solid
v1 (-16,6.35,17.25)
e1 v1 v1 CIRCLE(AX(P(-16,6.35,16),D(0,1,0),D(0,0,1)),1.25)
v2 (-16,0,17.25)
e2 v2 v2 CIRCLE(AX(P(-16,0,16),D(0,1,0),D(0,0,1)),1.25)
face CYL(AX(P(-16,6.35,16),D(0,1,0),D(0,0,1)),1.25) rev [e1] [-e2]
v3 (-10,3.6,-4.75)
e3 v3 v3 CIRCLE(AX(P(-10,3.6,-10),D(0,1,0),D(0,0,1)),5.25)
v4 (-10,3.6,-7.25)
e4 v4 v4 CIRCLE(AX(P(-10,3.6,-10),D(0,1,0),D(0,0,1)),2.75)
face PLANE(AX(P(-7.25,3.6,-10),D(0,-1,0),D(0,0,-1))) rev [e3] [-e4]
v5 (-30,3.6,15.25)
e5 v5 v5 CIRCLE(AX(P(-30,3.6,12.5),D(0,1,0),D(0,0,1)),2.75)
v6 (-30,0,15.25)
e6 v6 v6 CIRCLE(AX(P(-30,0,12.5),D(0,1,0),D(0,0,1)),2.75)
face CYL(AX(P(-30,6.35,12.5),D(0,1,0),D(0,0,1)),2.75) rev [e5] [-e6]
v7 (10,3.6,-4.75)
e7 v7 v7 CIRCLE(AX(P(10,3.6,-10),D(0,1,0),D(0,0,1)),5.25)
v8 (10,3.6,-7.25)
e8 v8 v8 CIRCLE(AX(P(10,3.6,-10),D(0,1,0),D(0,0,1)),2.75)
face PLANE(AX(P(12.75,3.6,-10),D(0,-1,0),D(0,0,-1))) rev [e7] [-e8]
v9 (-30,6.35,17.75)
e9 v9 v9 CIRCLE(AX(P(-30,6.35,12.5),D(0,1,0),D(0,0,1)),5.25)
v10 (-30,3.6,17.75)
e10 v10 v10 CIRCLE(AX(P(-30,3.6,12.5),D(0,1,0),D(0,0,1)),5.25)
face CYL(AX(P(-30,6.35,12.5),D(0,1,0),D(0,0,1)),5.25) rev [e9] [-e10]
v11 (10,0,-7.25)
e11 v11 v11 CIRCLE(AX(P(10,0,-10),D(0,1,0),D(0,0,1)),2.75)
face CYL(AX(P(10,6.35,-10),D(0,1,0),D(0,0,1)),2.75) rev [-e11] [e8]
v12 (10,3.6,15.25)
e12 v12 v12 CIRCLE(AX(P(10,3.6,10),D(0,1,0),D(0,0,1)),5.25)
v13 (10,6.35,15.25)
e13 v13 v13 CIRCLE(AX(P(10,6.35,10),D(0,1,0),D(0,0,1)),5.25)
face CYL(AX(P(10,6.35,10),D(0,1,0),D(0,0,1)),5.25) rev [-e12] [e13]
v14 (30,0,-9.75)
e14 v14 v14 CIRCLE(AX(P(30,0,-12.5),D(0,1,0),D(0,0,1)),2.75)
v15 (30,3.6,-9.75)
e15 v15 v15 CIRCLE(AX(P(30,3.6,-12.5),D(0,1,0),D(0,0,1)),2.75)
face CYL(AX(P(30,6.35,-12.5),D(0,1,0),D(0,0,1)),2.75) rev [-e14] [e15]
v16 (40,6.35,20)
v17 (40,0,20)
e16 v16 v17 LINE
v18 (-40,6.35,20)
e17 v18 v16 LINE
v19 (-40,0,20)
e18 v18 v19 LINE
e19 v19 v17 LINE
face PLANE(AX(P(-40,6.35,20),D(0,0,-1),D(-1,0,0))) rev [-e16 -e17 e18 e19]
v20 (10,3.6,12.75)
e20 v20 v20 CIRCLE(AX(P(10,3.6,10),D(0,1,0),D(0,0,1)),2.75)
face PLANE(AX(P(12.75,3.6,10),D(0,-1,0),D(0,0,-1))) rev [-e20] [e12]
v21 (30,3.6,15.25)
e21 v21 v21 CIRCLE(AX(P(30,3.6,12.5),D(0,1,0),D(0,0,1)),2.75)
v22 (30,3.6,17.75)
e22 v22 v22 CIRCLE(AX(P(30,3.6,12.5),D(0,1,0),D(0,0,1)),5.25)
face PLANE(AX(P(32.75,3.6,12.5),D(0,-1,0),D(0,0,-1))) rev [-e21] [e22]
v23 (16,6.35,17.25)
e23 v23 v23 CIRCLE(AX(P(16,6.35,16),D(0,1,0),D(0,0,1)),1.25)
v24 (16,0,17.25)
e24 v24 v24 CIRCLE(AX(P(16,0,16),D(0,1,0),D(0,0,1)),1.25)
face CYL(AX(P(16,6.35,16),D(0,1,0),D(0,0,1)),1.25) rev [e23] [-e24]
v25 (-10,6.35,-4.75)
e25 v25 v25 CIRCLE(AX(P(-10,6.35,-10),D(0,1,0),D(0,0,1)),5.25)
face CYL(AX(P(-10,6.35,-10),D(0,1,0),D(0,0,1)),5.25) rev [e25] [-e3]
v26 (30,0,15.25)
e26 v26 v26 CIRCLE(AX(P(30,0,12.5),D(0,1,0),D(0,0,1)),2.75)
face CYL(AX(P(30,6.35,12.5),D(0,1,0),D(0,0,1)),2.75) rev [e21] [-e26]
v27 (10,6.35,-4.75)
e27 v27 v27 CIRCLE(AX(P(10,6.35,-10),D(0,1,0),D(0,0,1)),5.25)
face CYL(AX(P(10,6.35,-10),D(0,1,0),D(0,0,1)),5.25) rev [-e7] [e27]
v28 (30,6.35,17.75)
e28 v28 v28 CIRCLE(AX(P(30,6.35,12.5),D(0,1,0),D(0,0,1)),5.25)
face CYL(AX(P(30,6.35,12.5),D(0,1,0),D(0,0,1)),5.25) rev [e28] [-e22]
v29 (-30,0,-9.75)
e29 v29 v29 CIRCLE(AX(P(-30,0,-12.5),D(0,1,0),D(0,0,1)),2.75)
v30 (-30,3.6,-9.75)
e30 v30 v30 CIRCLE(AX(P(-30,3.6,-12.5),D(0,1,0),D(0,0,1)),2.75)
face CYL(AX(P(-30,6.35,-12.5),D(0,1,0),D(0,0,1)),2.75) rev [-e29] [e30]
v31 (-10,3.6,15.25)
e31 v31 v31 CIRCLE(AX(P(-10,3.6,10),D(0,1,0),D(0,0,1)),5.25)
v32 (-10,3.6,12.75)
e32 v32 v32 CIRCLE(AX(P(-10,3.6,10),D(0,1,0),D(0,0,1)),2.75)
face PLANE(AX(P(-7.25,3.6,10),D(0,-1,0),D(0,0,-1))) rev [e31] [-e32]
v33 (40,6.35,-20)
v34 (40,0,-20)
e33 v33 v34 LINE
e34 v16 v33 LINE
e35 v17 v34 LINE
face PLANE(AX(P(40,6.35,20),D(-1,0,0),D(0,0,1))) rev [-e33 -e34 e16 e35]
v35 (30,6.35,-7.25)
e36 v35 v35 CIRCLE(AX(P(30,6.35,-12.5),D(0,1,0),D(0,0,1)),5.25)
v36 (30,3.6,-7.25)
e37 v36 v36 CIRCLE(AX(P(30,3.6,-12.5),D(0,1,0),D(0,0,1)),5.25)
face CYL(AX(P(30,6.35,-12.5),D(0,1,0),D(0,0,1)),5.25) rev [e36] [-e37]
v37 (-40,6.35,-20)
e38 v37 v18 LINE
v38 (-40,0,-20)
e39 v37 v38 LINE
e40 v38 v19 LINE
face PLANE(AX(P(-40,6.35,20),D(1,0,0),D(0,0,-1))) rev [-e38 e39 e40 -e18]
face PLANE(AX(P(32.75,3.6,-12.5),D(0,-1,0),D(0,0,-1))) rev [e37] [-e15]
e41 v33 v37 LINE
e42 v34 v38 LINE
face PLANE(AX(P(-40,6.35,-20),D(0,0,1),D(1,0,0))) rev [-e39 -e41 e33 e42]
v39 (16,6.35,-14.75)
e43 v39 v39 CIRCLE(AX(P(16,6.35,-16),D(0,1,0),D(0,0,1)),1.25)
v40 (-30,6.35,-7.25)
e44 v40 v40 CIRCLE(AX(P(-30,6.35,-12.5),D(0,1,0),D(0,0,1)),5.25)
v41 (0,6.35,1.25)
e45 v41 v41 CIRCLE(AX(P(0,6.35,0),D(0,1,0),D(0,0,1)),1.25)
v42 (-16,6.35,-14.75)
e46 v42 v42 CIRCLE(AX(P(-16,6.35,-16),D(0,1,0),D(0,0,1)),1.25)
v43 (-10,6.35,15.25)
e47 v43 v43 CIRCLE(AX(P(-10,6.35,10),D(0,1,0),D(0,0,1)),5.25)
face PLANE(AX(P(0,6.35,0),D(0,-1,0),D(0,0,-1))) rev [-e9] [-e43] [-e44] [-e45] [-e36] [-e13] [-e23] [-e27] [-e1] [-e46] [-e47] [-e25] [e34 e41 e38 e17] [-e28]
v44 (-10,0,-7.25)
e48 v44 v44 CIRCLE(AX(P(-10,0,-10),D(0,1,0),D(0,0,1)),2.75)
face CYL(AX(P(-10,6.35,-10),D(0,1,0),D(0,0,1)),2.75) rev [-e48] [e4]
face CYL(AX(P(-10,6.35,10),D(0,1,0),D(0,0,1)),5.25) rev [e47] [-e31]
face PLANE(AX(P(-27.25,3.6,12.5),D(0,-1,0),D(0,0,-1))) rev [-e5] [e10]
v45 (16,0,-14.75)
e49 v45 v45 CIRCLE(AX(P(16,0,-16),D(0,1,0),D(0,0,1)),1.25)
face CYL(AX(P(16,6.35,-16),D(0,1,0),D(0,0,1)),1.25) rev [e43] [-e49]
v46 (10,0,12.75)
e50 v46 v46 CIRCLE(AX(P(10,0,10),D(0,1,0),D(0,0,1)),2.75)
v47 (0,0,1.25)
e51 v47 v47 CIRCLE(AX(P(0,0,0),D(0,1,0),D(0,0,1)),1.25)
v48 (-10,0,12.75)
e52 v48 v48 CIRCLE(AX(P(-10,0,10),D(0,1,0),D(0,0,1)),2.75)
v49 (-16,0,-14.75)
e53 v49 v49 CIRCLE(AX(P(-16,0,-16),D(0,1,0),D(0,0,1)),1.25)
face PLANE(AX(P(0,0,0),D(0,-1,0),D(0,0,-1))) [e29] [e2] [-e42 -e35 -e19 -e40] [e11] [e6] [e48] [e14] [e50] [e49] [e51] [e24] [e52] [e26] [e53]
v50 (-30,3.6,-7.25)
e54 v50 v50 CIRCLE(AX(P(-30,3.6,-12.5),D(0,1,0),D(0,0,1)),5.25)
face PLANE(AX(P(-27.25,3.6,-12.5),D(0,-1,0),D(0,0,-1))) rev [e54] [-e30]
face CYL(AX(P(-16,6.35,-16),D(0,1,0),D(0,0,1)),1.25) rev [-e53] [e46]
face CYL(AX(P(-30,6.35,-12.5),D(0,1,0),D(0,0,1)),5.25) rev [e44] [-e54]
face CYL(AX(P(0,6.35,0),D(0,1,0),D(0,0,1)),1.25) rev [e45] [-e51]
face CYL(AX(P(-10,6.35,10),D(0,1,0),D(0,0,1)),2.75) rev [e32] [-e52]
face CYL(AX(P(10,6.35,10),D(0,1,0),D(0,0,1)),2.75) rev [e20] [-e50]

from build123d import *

# Parameters (mm, degrees)
SKETCH1_W                       = 80
SKETCH1_H                       = 40
BOSS_EXTRUDE1_DEPTH             = 6.35
M3X0_5_TAPPED_HOLE2_D           = 2.5
CBORE_FOR_M5_SBHCS1_D           = 5.5
CBORE_FOR_M5_SBHCS1_CBORE_D     = 10.5
CBORE_FOR_M5_SBHCS1_CBORE_DEPTH = 2.75


with BuildPart() as part:
    # Sketch1 → Boss-Extrude1 (new body)
    with BuildSketch(Plane(origin=(0, 0, 0), x_dir=(1, 0, 0), z_dir=(0, 1, 0))):
        Rectangle(SKETCH1_W, SKETCH1_H)
    extrude(amount=BOSS_EXTRUDE1_DEPTH)

    # M3x0.5 Tapped Hole2 (through all)
    with Locations(Plane(origin=(0, 6.35, 0), x_dir=(1, 0, 0), z_dir=(0, 1, 0))):
        with Locations((0, 0), (16, 16), (-16, -16), (-16, 16), (16, -16)):
            Hole(M3X0_5_TAPPED_HOLE2_D / 2)

    # CBORE for M5 SBHCS1 (through all)
    with Locations(Plane(origin=(0, 6.35, 0), x_dir=(1, 0, 0), z_dir=(0, 1, 0))):
        with Locations((10, 10), (30, 12.5), (-30, 12.5), (-10, 10), (30, -12.5), (10, -10), (-10, -10), (-30, -12.5)):
            CounterBoreHole(CBORE_FOR_M5_SBHCS1_D / 2, CBORE_FOR_M5_SBHCS1_CBORE_D / 2, CBORE_FOR_M5_SBHCS1_CBORE_DEPTH)


solid = part.part
